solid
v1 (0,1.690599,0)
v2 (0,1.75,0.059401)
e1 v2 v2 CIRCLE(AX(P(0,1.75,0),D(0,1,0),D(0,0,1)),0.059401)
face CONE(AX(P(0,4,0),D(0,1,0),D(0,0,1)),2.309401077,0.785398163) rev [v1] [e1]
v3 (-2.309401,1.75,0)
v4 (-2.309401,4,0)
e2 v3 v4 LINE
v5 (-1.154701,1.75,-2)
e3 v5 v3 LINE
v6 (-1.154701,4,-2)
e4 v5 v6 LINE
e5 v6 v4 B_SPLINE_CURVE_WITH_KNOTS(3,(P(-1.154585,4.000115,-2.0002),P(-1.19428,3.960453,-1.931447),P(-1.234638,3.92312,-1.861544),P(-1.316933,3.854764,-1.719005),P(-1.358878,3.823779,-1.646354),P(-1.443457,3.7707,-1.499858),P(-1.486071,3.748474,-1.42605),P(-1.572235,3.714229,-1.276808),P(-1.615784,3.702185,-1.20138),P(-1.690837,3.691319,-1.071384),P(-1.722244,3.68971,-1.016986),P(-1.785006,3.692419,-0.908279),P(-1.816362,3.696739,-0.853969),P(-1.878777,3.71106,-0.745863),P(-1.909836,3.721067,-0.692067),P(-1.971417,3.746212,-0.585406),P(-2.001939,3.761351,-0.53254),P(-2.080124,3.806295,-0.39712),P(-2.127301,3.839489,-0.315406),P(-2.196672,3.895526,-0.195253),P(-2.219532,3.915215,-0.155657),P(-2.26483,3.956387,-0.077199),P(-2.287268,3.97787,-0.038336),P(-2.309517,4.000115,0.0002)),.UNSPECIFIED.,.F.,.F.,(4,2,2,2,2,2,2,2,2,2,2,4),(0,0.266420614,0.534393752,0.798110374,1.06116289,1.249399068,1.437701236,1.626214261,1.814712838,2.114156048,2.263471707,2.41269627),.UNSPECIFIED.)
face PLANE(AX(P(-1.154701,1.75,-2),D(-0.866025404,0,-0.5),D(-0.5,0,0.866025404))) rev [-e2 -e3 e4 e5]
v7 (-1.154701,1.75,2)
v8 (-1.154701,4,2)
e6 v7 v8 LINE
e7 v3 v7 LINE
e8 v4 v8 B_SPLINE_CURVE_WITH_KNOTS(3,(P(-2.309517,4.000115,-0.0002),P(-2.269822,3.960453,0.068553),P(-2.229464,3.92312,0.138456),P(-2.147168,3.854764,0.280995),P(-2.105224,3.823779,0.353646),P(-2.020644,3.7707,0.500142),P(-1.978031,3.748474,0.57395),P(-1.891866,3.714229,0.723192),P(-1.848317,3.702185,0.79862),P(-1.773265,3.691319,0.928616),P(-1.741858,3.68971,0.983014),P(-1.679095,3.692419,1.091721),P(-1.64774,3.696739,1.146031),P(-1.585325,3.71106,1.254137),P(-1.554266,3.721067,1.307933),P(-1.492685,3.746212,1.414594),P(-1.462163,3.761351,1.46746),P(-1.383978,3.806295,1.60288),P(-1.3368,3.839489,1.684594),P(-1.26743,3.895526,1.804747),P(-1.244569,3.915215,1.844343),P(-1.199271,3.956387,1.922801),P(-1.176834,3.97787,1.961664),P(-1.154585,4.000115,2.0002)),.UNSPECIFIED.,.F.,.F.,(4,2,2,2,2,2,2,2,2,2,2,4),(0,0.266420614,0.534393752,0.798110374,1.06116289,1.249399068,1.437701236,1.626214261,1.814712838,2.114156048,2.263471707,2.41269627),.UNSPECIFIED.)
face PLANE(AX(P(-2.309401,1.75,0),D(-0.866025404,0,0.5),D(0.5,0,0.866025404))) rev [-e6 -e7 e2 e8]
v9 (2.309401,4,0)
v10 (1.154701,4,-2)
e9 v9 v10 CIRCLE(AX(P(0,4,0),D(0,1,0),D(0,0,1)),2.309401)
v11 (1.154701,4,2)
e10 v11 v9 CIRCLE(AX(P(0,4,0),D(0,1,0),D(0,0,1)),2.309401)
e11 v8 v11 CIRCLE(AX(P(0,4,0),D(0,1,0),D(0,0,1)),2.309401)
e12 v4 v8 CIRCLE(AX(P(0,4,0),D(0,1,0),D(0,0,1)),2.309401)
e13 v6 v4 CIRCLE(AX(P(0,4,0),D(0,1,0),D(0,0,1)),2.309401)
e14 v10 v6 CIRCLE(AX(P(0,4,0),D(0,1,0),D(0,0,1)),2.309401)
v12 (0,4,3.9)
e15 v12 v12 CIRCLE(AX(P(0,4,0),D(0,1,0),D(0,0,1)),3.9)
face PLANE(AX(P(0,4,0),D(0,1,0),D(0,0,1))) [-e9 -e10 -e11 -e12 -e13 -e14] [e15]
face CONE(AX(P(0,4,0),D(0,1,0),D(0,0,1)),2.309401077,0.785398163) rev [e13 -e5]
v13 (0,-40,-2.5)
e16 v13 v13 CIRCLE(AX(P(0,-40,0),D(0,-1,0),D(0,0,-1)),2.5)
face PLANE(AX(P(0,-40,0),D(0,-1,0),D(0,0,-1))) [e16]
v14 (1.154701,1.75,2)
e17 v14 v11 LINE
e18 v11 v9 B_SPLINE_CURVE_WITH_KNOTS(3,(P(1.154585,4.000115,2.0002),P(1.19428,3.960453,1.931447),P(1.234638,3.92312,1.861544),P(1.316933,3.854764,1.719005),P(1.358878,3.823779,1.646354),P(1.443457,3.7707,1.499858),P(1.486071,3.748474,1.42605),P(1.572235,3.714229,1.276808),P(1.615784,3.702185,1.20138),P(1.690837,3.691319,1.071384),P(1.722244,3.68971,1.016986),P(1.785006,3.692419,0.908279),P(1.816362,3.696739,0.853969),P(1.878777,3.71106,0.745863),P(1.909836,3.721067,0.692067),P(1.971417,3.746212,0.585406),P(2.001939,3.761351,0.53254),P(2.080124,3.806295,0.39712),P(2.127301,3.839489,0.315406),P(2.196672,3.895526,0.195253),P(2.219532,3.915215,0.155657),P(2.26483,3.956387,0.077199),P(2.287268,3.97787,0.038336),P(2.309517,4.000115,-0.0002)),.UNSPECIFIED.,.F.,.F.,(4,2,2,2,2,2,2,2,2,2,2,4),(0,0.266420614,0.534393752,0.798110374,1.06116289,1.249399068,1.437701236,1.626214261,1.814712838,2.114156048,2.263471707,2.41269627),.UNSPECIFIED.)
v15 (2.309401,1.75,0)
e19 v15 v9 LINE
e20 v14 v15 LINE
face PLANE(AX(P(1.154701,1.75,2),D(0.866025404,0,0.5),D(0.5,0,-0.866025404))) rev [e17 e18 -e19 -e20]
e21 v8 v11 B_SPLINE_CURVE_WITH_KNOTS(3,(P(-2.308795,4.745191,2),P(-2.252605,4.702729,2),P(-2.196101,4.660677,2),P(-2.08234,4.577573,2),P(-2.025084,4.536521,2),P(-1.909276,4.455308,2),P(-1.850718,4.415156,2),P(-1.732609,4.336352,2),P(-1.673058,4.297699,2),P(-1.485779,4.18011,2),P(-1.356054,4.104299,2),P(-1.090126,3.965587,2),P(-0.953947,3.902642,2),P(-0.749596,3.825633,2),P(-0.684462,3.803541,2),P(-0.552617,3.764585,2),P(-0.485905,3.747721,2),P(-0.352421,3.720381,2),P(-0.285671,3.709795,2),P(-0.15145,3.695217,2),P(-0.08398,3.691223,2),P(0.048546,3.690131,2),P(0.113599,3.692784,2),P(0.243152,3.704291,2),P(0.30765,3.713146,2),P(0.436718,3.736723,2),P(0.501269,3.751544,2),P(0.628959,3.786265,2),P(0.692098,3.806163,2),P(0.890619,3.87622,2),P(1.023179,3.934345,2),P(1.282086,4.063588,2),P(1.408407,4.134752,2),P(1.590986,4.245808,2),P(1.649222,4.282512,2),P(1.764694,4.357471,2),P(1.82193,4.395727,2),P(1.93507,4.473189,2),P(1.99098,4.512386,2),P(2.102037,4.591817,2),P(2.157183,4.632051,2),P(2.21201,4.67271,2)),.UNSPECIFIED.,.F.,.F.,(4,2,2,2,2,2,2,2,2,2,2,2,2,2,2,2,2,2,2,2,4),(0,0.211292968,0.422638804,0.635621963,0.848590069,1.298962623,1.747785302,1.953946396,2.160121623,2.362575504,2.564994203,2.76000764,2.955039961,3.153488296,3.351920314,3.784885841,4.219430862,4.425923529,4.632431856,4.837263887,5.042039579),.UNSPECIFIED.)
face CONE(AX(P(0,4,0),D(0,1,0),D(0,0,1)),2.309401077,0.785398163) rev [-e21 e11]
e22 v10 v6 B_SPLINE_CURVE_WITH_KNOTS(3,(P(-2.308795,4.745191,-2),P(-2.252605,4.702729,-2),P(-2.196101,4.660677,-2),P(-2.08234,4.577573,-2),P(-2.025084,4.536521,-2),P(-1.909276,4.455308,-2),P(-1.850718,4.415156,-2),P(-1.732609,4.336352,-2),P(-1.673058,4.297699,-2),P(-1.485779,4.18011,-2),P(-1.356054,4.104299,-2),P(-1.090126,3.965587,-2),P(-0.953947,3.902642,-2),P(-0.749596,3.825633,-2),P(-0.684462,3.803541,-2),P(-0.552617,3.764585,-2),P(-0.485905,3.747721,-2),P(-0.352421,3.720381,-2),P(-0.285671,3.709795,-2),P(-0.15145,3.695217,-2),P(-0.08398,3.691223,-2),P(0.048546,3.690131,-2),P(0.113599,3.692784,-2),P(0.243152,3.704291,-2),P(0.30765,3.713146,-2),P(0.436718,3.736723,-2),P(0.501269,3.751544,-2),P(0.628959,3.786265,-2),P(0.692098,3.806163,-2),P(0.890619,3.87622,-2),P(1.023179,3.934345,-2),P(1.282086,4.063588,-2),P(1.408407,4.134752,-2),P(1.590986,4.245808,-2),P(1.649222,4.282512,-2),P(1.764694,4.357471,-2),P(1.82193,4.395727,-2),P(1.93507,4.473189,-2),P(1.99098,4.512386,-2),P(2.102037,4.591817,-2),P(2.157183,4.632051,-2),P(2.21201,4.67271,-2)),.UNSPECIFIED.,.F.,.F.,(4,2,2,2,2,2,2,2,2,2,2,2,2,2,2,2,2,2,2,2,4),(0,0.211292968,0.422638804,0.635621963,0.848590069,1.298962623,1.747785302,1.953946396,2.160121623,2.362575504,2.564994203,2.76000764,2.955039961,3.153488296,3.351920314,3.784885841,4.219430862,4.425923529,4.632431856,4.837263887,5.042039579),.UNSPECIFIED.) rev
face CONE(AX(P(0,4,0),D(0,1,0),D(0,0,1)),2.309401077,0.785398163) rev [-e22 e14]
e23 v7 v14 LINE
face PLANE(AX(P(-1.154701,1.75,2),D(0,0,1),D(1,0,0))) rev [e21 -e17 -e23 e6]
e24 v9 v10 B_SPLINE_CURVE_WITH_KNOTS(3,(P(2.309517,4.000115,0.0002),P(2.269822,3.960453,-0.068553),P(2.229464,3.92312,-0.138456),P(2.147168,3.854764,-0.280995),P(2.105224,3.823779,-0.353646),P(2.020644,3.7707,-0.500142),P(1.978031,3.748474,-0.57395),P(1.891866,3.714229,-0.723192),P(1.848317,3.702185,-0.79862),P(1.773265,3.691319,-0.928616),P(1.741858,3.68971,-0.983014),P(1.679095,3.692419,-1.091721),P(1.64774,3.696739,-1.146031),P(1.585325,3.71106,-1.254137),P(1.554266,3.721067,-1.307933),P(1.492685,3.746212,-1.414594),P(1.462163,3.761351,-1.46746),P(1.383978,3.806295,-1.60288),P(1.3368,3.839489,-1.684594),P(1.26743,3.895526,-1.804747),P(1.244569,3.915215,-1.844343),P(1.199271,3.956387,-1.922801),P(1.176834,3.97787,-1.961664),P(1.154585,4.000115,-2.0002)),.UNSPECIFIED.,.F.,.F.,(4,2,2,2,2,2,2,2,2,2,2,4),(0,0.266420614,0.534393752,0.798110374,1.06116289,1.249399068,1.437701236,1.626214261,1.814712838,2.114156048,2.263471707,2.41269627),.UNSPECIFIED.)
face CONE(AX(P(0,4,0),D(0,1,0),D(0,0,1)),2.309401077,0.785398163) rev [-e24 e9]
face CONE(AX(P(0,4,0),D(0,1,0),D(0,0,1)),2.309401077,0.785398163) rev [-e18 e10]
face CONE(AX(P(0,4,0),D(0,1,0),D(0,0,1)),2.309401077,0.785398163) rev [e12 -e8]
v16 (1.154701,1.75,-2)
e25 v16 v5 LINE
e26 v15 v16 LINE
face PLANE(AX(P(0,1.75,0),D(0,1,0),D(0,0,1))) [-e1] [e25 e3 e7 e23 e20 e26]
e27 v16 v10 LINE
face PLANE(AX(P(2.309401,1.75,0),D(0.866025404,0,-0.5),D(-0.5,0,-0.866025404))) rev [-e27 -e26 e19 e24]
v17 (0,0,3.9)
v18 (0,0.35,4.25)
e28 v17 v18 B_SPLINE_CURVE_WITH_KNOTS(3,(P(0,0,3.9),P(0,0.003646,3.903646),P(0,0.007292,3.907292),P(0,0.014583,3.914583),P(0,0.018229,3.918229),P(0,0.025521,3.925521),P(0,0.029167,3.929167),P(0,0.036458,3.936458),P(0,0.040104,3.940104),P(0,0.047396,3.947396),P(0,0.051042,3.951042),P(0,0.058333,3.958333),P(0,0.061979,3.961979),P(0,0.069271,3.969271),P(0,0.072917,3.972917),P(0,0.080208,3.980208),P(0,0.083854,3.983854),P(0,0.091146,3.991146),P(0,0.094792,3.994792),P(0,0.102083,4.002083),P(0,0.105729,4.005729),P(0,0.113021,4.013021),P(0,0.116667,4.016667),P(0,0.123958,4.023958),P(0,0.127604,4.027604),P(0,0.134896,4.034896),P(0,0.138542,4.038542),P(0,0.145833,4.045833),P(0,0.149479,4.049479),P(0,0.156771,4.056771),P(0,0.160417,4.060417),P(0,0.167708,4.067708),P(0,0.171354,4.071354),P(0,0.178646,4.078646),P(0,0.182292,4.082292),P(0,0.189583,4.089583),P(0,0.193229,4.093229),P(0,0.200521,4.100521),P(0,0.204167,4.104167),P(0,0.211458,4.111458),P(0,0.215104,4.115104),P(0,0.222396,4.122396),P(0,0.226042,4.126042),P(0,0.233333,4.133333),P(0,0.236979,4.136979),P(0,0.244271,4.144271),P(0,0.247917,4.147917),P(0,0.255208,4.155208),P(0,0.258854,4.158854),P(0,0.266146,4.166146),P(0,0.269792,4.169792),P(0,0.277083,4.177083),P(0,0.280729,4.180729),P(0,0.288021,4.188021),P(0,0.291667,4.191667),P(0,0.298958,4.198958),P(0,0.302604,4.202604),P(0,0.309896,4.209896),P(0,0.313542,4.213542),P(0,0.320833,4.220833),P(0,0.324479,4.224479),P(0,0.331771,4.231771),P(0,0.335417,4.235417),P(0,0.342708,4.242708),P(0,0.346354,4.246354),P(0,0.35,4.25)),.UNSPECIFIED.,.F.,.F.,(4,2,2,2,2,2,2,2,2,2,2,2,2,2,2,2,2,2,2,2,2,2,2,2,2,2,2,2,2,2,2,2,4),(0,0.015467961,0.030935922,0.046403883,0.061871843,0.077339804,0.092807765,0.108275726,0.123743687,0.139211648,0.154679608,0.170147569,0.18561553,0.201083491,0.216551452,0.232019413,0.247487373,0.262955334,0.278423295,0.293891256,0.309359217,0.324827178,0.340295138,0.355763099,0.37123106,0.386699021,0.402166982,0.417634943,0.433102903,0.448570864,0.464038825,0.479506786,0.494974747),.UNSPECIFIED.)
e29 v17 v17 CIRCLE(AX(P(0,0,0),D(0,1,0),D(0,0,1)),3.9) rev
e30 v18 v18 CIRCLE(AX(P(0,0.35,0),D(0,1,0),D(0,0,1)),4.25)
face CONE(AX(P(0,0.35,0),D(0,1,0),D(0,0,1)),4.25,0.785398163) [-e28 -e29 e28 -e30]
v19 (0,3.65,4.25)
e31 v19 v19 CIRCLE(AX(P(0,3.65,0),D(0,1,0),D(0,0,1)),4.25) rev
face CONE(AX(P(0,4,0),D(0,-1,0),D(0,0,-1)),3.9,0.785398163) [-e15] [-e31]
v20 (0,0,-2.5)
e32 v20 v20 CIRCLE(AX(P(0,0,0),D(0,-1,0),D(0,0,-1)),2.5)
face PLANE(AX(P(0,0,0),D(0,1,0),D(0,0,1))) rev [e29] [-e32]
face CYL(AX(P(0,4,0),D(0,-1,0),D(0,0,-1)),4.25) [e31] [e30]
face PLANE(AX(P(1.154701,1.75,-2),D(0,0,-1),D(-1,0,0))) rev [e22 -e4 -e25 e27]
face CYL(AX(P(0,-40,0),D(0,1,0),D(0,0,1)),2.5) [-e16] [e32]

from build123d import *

# Parameters (mm, degrees)
SKETCH1_R           = 4.25
BOSS_EXTRUDE1_DEPTH = 4
CUT_EXTRUDE1_DEPTH  = 2.25
CHAMFER1_SIZE       = 0.35
SKETCH_1_R          = 2.5
EXTRUDE_1_DEPTH     = 40


with BuildPart() as part:
    # Sketch1 → Boss-Extrude1 (new body)
    with BuildSketch(Plane(origin=(0, 0, 0), x_dir=(1, 0, 0), z_dir=(0, 1, 0))):
        with Locations(Location((0, 0, 0), (0, 0, 270))):
            Circle(SKETCH1_R)
    extrude(amount=BOSS_EXTRUDE1_DEPTH)

    # Sketch2 → Cut-Extrude1 (cut)
    with BuildSketch(Plane(origin=(0, 4, 0), x_dir=(1, 0, 0), z_dir=(0, 1, 0))):
        Polygon((1.154700538, 2), (-1.154700538, 2), (-2.309401077, 0), (-1.154700538, -2), (1.154700538, -2), (2.309401077, 0), align=None)
    extrude(amount=-CUT_EXTRUDE1_DEPTH, mode=Mode.SUBTRACT)

    # Cut-Extrude2 cone 1 section (through the dimple's axis) → Cut-Extrude2 (revolve, cut)
    with BuildSketch(Plane(origin=(0, 4, 0), x_dir=(0, 0, 1), z_dir=(1, 0, 0))):
        Polygon((0, 0), (2.309401077, 0), (0, 2.309401077), align=None)
    revolve(axis=Axis((0, 4, 0), (0, -1, 0)), mode=Mode.SUBTRACT)

    # Chamfer1
    chamfer1_edges = [part.edges().sort_by_distance(p)[0] for p in [
        (0, 0, -4.25),
        (0, 4, -4.25),
    ]]
    chamfer(chamfer1_edges, length=CHAMFER1_SIZE)

    # 草图1 → 凸台-拉伸1 (add)
    with BuildSketch(Plane(origin=(0, 0, 0), x_dir=(-1, 0, 0), z_dir=(0, -1, 0))):
        with Locations(Location((0, 0, 0), (0, 0, 90))):
            Circle(SKETCH_1_R)
    extrude(amount=EXTRUDE_1_DEPTH)


solid = part.part
